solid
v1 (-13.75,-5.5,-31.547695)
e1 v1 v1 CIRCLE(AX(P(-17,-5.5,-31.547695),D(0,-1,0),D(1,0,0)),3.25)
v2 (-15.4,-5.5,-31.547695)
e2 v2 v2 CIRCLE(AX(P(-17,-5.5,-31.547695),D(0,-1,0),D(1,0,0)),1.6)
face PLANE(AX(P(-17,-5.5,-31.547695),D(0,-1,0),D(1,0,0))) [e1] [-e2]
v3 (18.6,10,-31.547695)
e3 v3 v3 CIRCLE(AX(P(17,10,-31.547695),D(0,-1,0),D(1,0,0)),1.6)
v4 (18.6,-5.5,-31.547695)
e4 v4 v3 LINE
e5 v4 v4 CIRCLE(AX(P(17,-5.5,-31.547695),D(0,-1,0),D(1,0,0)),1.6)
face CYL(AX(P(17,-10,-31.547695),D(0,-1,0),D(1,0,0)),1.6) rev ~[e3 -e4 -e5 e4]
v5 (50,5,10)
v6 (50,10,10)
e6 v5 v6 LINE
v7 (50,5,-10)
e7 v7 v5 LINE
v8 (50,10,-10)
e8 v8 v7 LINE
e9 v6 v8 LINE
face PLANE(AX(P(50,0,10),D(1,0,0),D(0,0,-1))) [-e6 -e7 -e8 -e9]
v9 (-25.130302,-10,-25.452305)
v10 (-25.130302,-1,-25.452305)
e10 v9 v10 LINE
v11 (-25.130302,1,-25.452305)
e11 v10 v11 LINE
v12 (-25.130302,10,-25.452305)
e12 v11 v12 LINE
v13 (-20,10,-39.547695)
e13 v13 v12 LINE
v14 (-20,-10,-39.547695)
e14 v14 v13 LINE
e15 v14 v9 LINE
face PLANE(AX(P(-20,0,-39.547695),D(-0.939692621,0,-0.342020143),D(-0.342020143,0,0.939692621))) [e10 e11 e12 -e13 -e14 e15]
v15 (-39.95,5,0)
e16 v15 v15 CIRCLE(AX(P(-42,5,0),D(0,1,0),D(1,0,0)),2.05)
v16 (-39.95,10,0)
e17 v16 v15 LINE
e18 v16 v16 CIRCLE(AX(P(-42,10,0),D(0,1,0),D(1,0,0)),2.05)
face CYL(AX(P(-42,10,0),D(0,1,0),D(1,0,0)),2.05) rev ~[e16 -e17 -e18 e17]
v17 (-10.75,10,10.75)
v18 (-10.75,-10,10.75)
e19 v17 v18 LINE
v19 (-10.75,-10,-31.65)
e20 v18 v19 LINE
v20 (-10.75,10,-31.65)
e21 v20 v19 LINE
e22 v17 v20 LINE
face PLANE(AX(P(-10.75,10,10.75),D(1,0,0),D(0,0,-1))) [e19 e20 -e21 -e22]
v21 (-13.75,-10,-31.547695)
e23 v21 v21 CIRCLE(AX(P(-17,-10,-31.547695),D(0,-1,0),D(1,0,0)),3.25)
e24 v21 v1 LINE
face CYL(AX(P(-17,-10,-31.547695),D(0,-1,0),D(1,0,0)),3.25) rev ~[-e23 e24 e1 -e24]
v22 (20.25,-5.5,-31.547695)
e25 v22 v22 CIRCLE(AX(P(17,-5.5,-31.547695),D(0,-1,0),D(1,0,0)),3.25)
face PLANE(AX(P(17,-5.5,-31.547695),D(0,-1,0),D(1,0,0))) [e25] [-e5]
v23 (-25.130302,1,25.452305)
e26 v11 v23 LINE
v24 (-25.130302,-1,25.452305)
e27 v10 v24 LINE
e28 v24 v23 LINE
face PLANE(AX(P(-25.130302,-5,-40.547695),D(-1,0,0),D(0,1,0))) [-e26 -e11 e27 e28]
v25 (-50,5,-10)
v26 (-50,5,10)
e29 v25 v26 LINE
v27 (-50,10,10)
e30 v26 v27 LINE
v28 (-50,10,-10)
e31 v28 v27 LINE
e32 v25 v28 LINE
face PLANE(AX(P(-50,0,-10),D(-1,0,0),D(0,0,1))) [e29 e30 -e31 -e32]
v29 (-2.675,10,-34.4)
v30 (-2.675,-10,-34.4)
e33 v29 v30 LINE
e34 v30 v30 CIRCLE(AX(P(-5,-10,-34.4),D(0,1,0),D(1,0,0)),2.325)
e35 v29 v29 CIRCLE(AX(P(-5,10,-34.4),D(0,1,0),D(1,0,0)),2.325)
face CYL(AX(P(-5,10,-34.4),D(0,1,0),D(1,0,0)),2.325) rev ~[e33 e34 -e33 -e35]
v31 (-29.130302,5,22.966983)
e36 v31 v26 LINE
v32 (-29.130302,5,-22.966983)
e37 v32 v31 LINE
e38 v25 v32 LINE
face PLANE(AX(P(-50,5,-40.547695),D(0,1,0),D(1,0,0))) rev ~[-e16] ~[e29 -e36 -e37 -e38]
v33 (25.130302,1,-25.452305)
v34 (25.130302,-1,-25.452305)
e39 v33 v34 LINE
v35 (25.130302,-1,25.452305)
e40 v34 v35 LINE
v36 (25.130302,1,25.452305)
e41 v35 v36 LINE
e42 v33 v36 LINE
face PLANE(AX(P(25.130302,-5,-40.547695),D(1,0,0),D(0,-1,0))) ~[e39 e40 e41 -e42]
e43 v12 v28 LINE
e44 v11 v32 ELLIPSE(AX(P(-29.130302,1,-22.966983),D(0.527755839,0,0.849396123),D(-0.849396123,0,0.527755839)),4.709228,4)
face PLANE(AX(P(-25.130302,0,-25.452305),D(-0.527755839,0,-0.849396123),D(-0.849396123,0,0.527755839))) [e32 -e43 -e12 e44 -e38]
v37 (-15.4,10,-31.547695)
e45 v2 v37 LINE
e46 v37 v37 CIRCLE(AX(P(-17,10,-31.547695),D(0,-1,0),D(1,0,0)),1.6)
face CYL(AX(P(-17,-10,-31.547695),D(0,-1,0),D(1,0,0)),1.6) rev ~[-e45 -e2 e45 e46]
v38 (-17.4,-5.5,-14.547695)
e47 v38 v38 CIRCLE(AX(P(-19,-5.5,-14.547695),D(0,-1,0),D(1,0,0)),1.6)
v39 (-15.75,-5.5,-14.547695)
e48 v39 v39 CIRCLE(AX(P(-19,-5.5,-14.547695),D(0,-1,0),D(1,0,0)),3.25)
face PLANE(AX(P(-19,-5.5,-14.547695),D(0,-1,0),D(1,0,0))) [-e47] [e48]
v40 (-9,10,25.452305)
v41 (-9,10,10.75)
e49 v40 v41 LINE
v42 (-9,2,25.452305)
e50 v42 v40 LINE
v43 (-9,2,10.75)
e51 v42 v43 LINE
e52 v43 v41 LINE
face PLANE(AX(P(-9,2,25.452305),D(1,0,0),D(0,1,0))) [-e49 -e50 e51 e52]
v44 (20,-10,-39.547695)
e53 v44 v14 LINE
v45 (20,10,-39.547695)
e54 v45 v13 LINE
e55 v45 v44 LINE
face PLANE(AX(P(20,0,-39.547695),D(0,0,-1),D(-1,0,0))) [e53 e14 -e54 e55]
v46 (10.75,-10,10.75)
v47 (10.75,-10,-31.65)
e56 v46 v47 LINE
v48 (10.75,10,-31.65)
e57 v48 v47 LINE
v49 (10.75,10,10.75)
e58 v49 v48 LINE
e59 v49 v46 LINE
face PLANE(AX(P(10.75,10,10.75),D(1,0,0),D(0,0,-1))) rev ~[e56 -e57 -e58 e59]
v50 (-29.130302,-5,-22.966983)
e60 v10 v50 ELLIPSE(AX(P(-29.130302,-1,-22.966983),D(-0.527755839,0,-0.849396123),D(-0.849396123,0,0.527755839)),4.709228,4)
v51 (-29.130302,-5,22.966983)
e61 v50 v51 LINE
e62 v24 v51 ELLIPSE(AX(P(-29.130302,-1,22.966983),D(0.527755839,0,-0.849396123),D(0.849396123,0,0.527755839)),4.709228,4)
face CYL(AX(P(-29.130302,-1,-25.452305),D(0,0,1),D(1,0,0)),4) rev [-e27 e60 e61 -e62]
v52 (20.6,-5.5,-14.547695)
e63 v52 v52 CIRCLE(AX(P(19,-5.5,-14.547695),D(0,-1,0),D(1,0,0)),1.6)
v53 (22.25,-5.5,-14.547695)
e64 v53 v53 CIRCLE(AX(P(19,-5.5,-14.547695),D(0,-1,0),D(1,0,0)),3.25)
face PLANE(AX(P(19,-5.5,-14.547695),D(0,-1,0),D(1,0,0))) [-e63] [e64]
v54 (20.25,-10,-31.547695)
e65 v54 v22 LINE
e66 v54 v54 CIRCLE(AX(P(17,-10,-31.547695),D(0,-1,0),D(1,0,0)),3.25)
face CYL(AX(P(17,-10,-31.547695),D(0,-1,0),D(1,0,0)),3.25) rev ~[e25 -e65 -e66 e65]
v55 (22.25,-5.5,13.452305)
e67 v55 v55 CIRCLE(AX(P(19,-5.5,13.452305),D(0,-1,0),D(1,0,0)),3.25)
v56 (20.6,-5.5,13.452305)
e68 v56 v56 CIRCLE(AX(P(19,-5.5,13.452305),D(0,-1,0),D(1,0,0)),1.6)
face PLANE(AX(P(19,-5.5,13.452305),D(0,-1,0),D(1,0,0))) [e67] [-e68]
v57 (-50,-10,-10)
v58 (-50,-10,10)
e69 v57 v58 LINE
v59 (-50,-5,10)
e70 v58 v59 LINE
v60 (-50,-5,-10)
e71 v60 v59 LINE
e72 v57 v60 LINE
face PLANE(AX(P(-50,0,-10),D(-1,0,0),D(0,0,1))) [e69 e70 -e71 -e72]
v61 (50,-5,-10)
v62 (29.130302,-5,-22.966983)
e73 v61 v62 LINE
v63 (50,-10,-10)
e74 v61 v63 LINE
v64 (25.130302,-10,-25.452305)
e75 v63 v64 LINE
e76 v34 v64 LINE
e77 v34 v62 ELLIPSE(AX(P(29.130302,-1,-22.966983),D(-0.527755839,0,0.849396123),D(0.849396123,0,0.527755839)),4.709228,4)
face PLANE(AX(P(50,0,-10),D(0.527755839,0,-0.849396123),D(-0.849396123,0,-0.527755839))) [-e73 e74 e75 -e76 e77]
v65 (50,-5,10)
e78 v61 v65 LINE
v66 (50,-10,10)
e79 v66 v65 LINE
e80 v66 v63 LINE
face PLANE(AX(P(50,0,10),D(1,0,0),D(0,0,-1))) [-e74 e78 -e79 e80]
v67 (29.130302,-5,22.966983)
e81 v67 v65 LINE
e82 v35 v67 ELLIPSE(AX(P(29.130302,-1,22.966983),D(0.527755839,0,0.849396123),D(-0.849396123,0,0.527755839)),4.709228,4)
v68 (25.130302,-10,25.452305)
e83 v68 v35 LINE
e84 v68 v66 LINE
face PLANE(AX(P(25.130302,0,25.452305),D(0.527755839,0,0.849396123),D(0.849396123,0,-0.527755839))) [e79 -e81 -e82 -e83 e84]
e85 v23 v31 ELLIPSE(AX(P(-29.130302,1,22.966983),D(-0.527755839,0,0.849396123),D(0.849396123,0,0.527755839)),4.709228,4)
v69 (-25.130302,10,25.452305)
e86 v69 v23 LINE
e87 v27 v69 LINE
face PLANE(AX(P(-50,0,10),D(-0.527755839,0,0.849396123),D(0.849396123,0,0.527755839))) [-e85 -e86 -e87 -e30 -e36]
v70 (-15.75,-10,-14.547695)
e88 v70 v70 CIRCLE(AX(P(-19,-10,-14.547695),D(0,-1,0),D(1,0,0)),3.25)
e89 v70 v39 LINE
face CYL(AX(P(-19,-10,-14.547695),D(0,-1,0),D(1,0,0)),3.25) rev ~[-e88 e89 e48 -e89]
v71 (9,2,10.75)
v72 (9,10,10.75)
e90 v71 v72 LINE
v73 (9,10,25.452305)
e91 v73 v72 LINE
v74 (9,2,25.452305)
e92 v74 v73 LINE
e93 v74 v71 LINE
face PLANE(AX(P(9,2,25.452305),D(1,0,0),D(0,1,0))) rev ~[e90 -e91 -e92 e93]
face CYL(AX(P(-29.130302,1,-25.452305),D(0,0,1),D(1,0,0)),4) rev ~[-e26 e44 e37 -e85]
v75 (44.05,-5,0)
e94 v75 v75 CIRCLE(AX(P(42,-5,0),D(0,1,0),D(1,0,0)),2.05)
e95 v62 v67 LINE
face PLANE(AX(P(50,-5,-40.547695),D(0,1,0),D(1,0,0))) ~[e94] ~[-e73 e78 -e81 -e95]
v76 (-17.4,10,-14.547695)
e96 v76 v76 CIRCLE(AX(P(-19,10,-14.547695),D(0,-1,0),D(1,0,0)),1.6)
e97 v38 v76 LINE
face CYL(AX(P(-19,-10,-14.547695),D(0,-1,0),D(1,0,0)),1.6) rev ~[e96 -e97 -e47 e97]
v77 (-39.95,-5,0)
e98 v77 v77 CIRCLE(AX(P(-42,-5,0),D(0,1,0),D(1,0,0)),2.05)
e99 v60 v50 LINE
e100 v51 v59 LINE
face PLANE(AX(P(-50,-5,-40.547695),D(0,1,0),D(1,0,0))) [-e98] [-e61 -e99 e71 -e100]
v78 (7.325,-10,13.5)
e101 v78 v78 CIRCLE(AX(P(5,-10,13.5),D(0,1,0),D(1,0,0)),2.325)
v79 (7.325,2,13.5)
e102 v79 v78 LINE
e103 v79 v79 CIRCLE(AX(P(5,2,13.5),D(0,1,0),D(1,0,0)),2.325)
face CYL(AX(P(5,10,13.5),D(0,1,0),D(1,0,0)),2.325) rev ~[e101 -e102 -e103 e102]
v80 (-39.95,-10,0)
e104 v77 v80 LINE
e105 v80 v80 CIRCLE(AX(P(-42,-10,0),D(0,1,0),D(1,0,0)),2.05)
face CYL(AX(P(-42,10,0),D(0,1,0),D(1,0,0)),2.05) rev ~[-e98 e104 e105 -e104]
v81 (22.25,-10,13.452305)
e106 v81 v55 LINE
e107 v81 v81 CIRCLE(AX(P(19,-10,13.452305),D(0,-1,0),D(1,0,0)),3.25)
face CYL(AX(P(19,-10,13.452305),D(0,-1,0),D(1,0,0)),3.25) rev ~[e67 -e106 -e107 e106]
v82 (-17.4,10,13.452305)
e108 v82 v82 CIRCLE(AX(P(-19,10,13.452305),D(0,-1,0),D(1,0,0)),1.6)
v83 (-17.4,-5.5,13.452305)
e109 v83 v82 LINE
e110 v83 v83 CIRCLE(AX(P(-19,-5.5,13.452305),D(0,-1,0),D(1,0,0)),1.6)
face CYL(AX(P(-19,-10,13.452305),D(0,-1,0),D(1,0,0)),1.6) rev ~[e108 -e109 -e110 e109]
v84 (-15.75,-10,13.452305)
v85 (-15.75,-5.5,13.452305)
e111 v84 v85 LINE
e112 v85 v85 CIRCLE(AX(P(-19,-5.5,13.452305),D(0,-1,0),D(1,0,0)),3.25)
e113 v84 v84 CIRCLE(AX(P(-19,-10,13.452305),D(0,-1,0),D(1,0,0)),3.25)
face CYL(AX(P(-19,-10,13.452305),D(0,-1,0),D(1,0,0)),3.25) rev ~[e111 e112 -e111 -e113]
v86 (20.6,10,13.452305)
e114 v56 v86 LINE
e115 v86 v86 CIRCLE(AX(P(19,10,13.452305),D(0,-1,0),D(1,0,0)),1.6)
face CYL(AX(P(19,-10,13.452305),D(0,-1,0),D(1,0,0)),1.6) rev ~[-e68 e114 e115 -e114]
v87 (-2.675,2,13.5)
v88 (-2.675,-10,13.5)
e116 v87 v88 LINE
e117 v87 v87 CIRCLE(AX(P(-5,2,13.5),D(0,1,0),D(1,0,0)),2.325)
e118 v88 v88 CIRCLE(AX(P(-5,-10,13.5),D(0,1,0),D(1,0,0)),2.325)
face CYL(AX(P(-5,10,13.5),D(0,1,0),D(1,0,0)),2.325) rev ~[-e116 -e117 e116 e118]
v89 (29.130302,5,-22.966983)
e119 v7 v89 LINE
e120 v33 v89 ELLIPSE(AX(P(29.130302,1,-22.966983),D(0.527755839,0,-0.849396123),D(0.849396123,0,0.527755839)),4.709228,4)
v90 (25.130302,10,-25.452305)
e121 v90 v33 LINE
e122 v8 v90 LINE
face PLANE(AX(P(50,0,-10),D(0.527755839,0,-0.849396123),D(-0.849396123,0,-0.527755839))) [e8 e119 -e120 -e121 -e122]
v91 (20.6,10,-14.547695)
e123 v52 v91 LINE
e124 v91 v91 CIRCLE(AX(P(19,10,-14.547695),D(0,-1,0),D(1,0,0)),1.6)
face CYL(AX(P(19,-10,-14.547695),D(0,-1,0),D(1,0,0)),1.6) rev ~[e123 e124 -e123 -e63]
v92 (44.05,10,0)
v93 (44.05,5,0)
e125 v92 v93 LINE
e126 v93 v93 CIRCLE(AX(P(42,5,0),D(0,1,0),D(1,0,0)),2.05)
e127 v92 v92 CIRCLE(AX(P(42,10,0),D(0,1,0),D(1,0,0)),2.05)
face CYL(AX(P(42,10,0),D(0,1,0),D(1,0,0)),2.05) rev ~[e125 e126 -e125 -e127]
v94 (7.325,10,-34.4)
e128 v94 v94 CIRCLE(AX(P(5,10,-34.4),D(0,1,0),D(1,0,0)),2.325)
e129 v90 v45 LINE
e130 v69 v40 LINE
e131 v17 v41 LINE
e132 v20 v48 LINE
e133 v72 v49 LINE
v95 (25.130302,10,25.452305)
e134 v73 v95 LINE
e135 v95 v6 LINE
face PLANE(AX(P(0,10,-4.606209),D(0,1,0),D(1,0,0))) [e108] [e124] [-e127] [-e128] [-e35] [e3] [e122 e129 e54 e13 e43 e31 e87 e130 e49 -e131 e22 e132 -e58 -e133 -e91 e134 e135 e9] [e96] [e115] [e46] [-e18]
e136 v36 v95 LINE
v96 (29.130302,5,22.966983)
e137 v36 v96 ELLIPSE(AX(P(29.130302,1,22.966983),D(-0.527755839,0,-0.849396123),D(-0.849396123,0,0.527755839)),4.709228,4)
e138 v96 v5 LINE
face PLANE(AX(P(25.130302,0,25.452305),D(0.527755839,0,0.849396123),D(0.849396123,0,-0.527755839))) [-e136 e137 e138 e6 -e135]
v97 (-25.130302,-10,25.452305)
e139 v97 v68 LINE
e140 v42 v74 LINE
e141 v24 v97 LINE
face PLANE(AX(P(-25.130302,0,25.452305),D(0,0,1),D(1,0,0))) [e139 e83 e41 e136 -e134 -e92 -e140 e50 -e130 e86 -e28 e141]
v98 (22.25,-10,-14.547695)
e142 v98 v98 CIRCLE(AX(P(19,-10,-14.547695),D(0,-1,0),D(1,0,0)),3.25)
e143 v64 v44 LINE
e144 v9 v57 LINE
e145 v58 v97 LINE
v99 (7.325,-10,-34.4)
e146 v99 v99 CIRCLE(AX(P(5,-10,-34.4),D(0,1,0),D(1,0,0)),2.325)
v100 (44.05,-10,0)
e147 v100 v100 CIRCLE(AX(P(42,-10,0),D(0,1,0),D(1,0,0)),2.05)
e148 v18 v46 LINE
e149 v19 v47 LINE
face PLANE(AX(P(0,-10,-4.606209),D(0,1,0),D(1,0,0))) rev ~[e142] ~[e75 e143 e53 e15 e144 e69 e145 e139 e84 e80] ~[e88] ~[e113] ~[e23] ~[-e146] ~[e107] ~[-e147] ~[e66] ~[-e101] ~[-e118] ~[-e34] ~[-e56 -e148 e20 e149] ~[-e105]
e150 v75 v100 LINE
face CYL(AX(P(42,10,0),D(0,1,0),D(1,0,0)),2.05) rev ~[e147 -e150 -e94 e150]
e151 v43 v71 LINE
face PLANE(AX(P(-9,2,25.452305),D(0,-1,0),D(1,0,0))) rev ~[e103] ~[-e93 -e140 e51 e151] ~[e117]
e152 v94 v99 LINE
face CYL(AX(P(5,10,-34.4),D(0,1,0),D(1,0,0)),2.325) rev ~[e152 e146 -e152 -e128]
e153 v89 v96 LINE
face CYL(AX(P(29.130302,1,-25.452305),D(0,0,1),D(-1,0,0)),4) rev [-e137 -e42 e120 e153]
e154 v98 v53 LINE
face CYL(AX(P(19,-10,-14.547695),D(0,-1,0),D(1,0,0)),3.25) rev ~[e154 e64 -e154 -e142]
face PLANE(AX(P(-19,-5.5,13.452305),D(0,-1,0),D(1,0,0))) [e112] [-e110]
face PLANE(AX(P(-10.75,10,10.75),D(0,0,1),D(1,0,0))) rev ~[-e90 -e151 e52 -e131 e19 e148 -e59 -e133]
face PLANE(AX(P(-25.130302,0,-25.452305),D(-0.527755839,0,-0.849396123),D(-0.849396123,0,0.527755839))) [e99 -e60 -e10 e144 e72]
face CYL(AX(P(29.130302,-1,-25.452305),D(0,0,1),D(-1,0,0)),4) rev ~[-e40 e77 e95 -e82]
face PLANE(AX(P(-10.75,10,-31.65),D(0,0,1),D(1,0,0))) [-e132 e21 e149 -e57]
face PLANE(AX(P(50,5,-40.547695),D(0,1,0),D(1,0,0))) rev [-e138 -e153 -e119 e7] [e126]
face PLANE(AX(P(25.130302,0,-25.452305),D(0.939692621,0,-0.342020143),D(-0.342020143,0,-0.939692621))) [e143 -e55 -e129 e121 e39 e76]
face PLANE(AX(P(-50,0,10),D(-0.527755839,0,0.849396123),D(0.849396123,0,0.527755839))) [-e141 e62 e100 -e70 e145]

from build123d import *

# Parameters (mm, degrees)
MAIN_BODY_DEPTH           = 10
SKETCH2_R                 = 2.325
SKETCH2_R_2               = 2.05
SKETCH2_W                 = 21.5
SKETCH2_H                 = 42.4
SERVO_ROTROD_CUTOUT_DEPTH = 30
SKETCH3_W                 = 18
SKETCH3_H                 = 8
SERVO_CABLE_CUTOUT_DEPTH  = 57.102305
CONTROL_ARM_CUTOUT_START  = -66
SKETCH4_W                 = 24.86969785
SKETCH4_H                 = 10
CONTROL_ARM_CUTOUT_DEPTH  = 67
FILLET1_R                 = 4
SKETCH6_R                 = 1.6
MOUNT_HOLES_CHASSIS_DEPTH = 21
SKETCH7_R                 = 3.25
BOLT_HEAD_HOLES_DEPTH     = 4.5


with BuildPart() as part:
    # Sketch1 → Main-Body (new body, symmetric)
    with BuildSketch(Plane(origin=(0, 0, 0), x_dir=(1, 0, 0), z_dir=(0, 1, 0))):
        Polygon((20, 39.547694656), (-20, 39.547694656), (-25.13030215, 25.452305344), (-50, 10), (-50, -10), (-25.13030215, -25.452305344), (25.13030215, -25.452305344), (50, -10), (50, 10), (25.13030215, 25.452305344), align=None)
    extrude(amount=MAIN_BODY_DEPTH, both=True)

    # Sketch2 → Servo&RotRod-Cutout (cut)
    with BuildSketch(Plane(origin=(0, 10, 0), x_dir=(1, 0, 0), z_dir=(0, 1, 0))):
        with Locations((-5, -13.5)):
            Circle(SKETCH2_R)
        with Locations((5, -13.5)):
            Circle(SKETCH2_R)
        with Locations((-5, 34.4)):
            Circle(SKETCH2_R)
        with Locations((5, 34.4)):
            Circle(SKETCH2_R)
        with Locations((-42, 0)):
            Circle(SKETCH2_R_2)
        with Locations((42, 0)):
            Circle(SKETCH2_R_2)
        with Locations((0, 10.45)):
            Rectangle(SKETCH2_W, SKETCH2_H)
    extrude(amount=-SERVO_ROTROD_CUTOUT_DEPTH, mode=Mode.SUBTRACT)

    # Sketch3 → Servo-Cable-Cutout (cut)
    with BuildSketch(Plane.XY.offset(25.452305344)):
        with Locations((0, 6)):
            Rectangle(SKETCH3_W, SKETCH3_H)
    extrude(amount=-SERVO_CABLE_CUTOUT_DEPTH, mode=Mode.SUBTRACT)

    # Sketch4 → Control-Arm-Cutout (cut)
    with BuildSketch(Plane.XY.offset(25.452305344).offset(CONTROL_ARM_CUTOUT_START)):
        with Locations((-37.565151075, 0)):
            Rectangle(SKETCH4_W, SKETCH4_H)
    control_arm_cutout = extrude(amount=CONTROL_ARM_CUTOUT_DEPTH, mode=Mode.SUBTRACT)

    # Mirror1: Control-Arm-Cutout across plane
    add(control_arm_cutout.mirror(Plane(origin=(0, 0, 0), x_dir=(0, 0, 1), z_dir=(1, 0, 0))), mode=Mode.SUBTRACT)

    # Fillet1
    fillet1_edges = [part.edges().sort_by_distance(p)[0] for p in [
        (-25.13030215, 5, 0),
        (-25.13030215, -5, 0),
        (25.13030215, -5, 0),
        (25.13030215, 5, 0),
    ]]
    fillet(fillet1_edges, radius=FILLET1_R)

    # Sketch6 → Mount-Holes-Chassis (cut, through all)
    with BuildSketch(Plane.XZ.offset(10)):
        with Locations((19, -14.547694656)):
            Circle(SKETCH6_R)
        with Locations((19, 13.452305344)):
            Circle(SKETCH6_R)
        with Locations((17, -31.547694656)):
            Circle(SKETCH6_R)
        with Locations((-17, -31.547694656)):
            Circle(SKETCH6_R)
        with Locations((-19, 13.452305344)):
            Circle(SKETCH6_R)
        with Locations((-19, -14.547694656)):
            Circle(SKETCH6_R)
    extrude(amount=-MOUNT_HOLES_CHASSIS_DEPTH, mode=Mode.SUBTRACT)

    # Sketch7 → Bolt-Head-Holes (cut)
    with BuildSketch(Plane.XZ.offset(10)):
        with Locations((17, -31.547694656)):
            Circle(SKETCH7_R)
        with Locations((19, -14.547694656)):
            Circle(SKETCH7_R)
        with Locations((19, 13.452305344)):
            Circle(SKETCH7_R)
        with Locations((-19, 13.452305344)):
            Circle(SKETCH7_R)
        with Locations((-19, -14.547694656)):
            Circle(SKETCH7_R)
        with Locations((-17, -31.547694656)):
            Circle(SKETCH7_R)
    extrude(amount=-BOLT_HEAD_HOLES_DEPTH, mode=Mode.SUBTRACT)


solid = part.part
